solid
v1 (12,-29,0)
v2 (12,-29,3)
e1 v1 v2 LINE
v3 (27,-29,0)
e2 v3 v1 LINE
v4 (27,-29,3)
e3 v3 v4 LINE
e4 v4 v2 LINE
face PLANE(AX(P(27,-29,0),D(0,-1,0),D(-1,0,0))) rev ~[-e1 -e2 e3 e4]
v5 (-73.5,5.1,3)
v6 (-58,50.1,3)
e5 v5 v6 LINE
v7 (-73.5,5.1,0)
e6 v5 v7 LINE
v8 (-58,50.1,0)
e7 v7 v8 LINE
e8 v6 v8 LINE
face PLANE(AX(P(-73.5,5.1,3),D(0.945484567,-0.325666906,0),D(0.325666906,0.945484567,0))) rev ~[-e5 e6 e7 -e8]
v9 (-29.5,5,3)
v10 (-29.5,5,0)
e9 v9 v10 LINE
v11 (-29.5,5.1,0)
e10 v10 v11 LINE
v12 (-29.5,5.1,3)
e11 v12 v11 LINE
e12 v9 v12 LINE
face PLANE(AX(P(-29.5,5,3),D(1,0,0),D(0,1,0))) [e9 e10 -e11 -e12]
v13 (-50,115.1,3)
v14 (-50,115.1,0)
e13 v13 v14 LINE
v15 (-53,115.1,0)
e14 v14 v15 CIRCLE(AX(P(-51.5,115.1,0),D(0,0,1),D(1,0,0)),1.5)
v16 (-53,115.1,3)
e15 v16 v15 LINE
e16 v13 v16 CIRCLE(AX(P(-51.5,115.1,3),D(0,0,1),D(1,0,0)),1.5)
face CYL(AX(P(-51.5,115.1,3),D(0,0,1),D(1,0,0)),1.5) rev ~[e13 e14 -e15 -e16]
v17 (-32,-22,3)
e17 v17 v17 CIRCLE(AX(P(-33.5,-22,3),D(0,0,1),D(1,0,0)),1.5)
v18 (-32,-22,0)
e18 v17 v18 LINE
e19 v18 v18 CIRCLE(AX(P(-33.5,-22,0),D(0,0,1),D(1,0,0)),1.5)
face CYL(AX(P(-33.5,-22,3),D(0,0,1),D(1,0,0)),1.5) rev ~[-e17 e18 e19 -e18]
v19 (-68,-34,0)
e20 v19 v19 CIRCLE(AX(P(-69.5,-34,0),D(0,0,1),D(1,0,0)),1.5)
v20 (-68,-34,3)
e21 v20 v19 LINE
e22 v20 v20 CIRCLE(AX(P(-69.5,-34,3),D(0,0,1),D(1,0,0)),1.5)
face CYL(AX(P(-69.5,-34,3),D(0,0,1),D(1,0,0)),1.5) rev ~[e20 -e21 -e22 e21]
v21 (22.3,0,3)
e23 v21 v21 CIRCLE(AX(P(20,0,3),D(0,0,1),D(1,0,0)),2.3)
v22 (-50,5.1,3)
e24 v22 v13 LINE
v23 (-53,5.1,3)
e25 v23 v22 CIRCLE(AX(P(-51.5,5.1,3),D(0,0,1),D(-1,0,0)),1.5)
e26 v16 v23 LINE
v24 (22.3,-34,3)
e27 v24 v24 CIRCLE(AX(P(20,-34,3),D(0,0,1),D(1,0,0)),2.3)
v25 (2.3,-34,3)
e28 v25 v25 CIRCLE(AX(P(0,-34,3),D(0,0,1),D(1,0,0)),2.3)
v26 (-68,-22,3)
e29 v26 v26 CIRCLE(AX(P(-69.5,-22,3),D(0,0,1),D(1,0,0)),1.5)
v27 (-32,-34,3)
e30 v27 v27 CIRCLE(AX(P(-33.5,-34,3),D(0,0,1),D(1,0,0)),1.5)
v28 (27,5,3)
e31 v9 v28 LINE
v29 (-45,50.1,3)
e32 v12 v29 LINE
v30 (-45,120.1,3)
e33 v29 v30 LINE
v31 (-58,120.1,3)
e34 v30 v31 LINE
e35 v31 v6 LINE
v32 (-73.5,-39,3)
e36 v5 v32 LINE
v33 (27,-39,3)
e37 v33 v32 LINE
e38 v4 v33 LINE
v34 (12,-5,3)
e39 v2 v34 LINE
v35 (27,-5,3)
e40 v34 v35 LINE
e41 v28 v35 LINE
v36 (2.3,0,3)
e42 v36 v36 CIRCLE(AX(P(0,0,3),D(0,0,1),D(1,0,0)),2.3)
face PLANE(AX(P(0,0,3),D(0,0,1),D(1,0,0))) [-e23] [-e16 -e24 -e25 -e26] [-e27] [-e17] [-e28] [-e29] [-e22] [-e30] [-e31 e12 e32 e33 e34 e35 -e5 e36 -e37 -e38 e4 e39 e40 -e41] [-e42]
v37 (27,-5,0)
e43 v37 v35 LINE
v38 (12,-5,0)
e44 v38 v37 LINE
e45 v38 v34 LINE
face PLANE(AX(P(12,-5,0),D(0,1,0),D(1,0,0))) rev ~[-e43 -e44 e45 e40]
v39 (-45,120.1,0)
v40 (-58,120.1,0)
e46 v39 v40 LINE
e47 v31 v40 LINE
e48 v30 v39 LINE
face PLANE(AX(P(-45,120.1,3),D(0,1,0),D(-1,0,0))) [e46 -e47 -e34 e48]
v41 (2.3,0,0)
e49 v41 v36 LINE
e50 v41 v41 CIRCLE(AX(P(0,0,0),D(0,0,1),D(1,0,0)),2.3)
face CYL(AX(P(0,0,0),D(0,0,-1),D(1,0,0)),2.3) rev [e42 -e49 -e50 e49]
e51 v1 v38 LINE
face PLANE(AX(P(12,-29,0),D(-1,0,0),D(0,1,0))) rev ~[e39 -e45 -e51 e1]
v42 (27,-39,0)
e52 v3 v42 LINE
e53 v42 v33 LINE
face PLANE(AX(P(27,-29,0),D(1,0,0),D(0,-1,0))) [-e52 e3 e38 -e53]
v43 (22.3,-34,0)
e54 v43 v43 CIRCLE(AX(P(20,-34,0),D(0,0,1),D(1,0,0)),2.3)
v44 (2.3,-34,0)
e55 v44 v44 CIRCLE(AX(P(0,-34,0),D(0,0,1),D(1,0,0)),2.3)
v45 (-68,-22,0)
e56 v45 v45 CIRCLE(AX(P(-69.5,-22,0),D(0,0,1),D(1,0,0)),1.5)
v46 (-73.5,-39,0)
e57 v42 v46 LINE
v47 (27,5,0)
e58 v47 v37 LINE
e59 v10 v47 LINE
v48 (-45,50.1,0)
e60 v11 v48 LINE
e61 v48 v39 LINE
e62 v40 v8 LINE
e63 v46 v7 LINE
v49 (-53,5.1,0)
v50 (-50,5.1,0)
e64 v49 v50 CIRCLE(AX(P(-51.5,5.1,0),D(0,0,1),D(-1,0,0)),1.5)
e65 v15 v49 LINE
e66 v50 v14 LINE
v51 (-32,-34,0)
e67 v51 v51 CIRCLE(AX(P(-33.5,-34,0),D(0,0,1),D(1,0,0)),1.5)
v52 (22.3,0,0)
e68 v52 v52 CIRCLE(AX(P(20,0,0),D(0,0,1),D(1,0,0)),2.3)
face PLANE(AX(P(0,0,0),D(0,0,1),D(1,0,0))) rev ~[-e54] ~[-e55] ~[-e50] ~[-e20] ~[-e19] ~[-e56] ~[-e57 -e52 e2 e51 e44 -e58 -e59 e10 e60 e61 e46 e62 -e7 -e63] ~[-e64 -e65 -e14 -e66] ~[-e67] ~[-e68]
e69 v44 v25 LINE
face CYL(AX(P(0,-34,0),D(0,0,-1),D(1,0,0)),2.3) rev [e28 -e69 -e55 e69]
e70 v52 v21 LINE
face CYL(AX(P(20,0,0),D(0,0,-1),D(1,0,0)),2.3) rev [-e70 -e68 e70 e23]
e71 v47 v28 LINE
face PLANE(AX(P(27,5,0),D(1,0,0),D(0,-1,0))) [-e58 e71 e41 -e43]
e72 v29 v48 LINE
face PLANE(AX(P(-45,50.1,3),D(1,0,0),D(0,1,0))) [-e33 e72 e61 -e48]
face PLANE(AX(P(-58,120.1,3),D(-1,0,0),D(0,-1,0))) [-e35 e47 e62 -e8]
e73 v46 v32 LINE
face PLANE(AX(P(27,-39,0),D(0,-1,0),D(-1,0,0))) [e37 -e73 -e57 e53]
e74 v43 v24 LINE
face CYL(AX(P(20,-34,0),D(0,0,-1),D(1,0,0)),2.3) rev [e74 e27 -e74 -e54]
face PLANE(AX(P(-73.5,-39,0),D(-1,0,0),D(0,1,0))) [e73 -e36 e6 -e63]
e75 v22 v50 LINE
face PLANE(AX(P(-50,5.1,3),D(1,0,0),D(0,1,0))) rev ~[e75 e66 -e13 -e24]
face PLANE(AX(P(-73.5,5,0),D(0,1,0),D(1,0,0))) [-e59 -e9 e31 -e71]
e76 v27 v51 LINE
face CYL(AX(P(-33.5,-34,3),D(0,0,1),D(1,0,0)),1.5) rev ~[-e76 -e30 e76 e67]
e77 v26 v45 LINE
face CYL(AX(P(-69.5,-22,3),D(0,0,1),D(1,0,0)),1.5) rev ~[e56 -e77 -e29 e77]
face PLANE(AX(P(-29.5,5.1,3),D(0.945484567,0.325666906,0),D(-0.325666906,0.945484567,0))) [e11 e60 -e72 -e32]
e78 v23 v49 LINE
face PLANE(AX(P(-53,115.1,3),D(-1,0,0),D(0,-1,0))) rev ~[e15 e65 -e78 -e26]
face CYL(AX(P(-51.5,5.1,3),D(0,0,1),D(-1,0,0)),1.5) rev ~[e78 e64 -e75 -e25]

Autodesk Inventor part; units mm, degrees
ref_plane "YZ Plane" through (0, 0, 0) normal (1, 0, 0) x (0, 1, 0)
ref_plane "XZ Plane" through (0, 0, 0) normal (0, 1, 0) x (-1, 0, 0)
ref_plane "XY Plane" through (0, 0, 0) normal (0, 0, 1) x (1, 0, 0)
sketch "Skizze1" plane through (0, 0, 0) normal (0, 0, 1) x (1, 0, 0)
  circle A0 centre (0, 0) radius 2.3
  line L0 (-73.5, 5) -> (27, 5)
  line L1 (27, -39) -> (-73.5, -39)
  line L2 (-73.5, -39) -> (-73.5, 5)
  circle A1 centre (20, 0) radius 2.3
  circle A2 centre (0, -34) radius 2.3
  circle A3 centre (20, -34) radius 2.3
  line L3 (27, -29) -> (12, -29)
  line L4 (12, -29) -> (12, -5)
  line L5 (12, -5) -> (27, -5)
  line L6 (27, 5) -> (27, -5)
  line L7 (27, -29) -> (27, -39)
  dimension "d0" = 4.6
  dimension "d3" = 20
  dimension "d6" = 34
  dimension "d9" = 10
  dimension "d11" = 5
  dimension "d12" = 5
  dimension "d13" = 5
  dimension "d15" = 15
  dimension "d16" = 7
  dimension "d17" = 100.5
extrude "Extrusion1" add sketch "Skizze1" along normal blind 3
sketch "Skizze2" plane through (0, 0, 3) normal (0, 0, 1) x (1, 0, 0)
  circle A0 centre (-69.5, -34) radius 1.5
  circle A1 centre (20, -34) radius 2.3 projected
  circle A2 centre (0, -34) radius 2.3 projected
  circle A3 centre (20, 0) radius 2.3 projected
  circle A4 centre (0, 0) radius 2.3 projected
  line L0 (27, 5) -> (-73.5, 5) projected
  line L1 (-73.5, 5) -> (-73.5, -39) projected
  line L2 (-73.5, -39) -> (27, -39) projected
  line L3 (27, -39) -> (27, -29) projected
  line L4 (27, -29) -> (12, -29) projected
  line L5 (12, -29) -> (12, -5) projected
  line L6 (12, -5) -> (27, -5) projected
  line L7 (27, -5) -> (27, 5) projected
  circle A5 centre (-33.5, -34) radius 1.5
  circle A6 centre (-69.5, -22) radius 1.5
  circle A7 centre (-33.5, -22) radius 1.5
  dimension "d20" = 3
  dimension "d21" = 5
  dimension "d22" = 4
  dimension "d25" = 36
  dimension "d28" = 12
extrude "Extrusion2" cut sketch "Skizze2" against normal up to surface (3 mm away) contours A0 | A5 | A6 | A7
sketch "Skizze3" plane through (0, 0, 3) normal (0, 0, 1) x (1, 0, 0)
  circle A0 centre (-69.5, -22) radius 1.5 projected
  circle A1 centre (-33.5, -22) radius 1.5 projected
  circle A2 centre (-33.5, -34) radius 1.5 projected
  circle A3 centre (-69.5, -34) radius 1.5 projected
  circle A4 centre (20, -34) radius 2.3 projected
  circle A5 centre (0, -34) radius 2.3 projected
  circle A6 centre (20, 0) radius 2.3 projected
  circle A7 centre (0, 0) radius 2.3 projected
  line L0 (27, 5) -> (-73.5, 5) projected
  line L1 (-73.5, 5) -> (-73.5, -39) projected
  line L2 (-73.5, -39) -> (27, -39) projected
  line L3 (27, -39) -> (27, -29) projected
  line L4 (27, -29) -> (12, -29) projected
  line L5 (12, -29) -> (12, -5) projected
  line L6 (12, -5) -> (27, -5) projected
  line L7 (27, -5) -> (27, 5) projected
  line L8 (-73.5, 5) -> (-29.5, 5)
  line L9 (-29.5, 5) -> (-29.5, 5.1)
  line L10 (-29.5, 5.1) -> (-73.5, 5.1)
  line L11 (-73.5, 5.1) -> (-73.5, 5)
  line L12 (-53, 5.1) -> (-50, 5.1)
  line L13 (-50, 5.1) -> (-50, 115.1)
  line L14 (-50, 115.1) -> (-53, 115.1)
  line L15 (-53, 115.1) -> (-53, 5.1)
  line L16 (-58, 5.1) -> (-45, 5.1)
  line L17 (-45, 5.1) -> (-45, 120.1)
  line L18 (-45, 120.1) -> (-58, 120.1)
  line L19 (-58, 120.1) -> (-58, 5.1)
  line L20 (-73.5, 5.1) -> (-58, 50.1)
  line L21 (-29.5, 5.1) -> (-45, 50.1)
  dimension "d33" = 44
  dimension "d34" = 0.1
  dimension "d35" = 3
  dimension "d36" = 110
  dimension "d37" = 5
  dimension "d38" = 5
  dimension "d39" = 5
  dimension "d40" = 15.5
  dimension "d41" = 45
  dimension "d42" = 45
  dimension "d46" = 15.5
  dimension "d47" = 16.5
  dimension "d48" = 16.5
extrude "Extrusion3" add sketch "Skizze3" against normal up to surface (3 mm away) contours L0 L11 L10 L9 | L10 L17 L21 | L20 L19 L10 | L10 L13 L14 L15 L19 L18 L17
sketch "Skizze4" plane through (0, 0, 3) normal (0, 0, 1) x (1, 0, 0)
  line L0 (-53, 5.1) -> (-53, 115.1) projected
  line L1 (-53, 115.1) -> (-50, 115.1) projected
  line L2 (-50, 115.1) -> (-50, 5.1) projected
  line L3 (-50, 5.1) -> (-53, 5.1) projected
  circle A0 centre (-69.5, -22) radius 1.5 projected
  circle A1 centre (-33.5, -22) radius 1.5 projected
  circle A2 centre (-33.5, -34) radius 1.5 projected
  circle A3 centre (-69.5, -34) radius 1.5 projected
  circle A4 centre (20, -34) radius 2.3 projected
  circle A5 centre (0, -34) radius 2.3 projected
  circle A6 centre (20, 0) radius 2.3 projected
  circle A7 centre (0, 0) radius 2.3 projected
  line L4 (27, 5) -> (-29.5, 5) projected
  line L5 (-29.5, 5) -> (-29.5, 5.1) projected
  line L6 (-29.5, 5.1) -> (-45, 50.1) projected
  line L7 (-45, 50.1) -> (-45, 120.1) projected
  line L8 (-45, 120.1) -> (-58, 120.1) projected
  line L9 (-58, 120.1) -> (-58, 50.1) projected
  line L10 (-58, 50.1) -> (-73.5, 5.1) projected
  line L11 (-73.5, 5.1) -> (-73.5, -39) projected
  line L12 (-73.5, -39) -> (27, -39) projected
  line L13 (27, -39) -> (27, -29) projected
  line L14 (27, -29) -> (12, -29) projected
  line L15 (12, -29) -> (12, -5) projected
  line L16 (12, -5) -> (27, -5) projected
  line L17 (27, -5) -> (27, 5) projected
  arc A8 (-50, 115.1) -> (-53, 115.1) centre (-51.5, 115.1) ccw
  line L18 (-50, 5.1) -> (-53, 5.1) projected
  arc A9 (-53, 5.1) -> (-50, 5.1) centre (-51.5, 5.1) ccw
extrude "Extrusion4" cut sketch "Skizze4" against normal up to surface (3 mm away) contours L3 A9 | A8 L1
sketch "Skizze6" plane through (0, 0, 3) normal (0, 0, 1) x (1, 0, 0)
  line L0 (27, 5) -> (-29.5, 5) projected
  line L1 (-29.5, 5) -> (-29.5, 5.1) projected
  line L2 (-29.5, 5.1) -> (-45, 50.1) projected
  line L3 (-45, 50.1) -> (-45, 120.1) projected
  line L4 (-45, 120.1) -> (-58, 120.1) projected
  line L5 (-58, 120.1) -> (-58, 50.1) projected
  line L6 (-58, 50.1) -> (-73.5, 5.1) projected
  line L7 (-73.5, 5.1) -> (-73.5, -39) projected
  line L8 (-73.5, -39) -> (27, -39) projected
  line L9 (27, -39) -> (27, -29) projected
  line L10 (27, -29) -> (12, -29) projected
  line L11 (12, -29) -> (12, -5) projected
  line L12 (12, -5) -> (27, -5) projected
  line L13 (27, -5) -> (27, 5) projected
  circle A0 centre (0, 0) radius 2.3 projected
  circle A1 centre (20, 0) radius 2.3 projected
  circle A2 centre (0, -34) radius 2.3 projected
  circle A3 centre (20, -34) radius 2.3 projected
  circle A4 centre (-69.5, -34) radius 1.5 projected
  circle A5 centre (-33.5, -34) radius 1.5 projected
  circle A6 centre (-33.5, -22) radius 1.5 projected
  circle A7 centre (-69.5, -22) radius 1.5 projected
  arc A8 (-53, 5.1) -> (-50, 5.1) centre (-51.5, 5.1) ccw projected
  line L14 (-53, 5.1) -> (-53, 115.1) projected
  arc A9 (-50, 115.1) -> (-53, 115.1) centre (-51.5, 115.1) ccw projected
  line L15 (-50, 115.1) -> (-50, 5.1) projected
properties part number "Upper_plate"
